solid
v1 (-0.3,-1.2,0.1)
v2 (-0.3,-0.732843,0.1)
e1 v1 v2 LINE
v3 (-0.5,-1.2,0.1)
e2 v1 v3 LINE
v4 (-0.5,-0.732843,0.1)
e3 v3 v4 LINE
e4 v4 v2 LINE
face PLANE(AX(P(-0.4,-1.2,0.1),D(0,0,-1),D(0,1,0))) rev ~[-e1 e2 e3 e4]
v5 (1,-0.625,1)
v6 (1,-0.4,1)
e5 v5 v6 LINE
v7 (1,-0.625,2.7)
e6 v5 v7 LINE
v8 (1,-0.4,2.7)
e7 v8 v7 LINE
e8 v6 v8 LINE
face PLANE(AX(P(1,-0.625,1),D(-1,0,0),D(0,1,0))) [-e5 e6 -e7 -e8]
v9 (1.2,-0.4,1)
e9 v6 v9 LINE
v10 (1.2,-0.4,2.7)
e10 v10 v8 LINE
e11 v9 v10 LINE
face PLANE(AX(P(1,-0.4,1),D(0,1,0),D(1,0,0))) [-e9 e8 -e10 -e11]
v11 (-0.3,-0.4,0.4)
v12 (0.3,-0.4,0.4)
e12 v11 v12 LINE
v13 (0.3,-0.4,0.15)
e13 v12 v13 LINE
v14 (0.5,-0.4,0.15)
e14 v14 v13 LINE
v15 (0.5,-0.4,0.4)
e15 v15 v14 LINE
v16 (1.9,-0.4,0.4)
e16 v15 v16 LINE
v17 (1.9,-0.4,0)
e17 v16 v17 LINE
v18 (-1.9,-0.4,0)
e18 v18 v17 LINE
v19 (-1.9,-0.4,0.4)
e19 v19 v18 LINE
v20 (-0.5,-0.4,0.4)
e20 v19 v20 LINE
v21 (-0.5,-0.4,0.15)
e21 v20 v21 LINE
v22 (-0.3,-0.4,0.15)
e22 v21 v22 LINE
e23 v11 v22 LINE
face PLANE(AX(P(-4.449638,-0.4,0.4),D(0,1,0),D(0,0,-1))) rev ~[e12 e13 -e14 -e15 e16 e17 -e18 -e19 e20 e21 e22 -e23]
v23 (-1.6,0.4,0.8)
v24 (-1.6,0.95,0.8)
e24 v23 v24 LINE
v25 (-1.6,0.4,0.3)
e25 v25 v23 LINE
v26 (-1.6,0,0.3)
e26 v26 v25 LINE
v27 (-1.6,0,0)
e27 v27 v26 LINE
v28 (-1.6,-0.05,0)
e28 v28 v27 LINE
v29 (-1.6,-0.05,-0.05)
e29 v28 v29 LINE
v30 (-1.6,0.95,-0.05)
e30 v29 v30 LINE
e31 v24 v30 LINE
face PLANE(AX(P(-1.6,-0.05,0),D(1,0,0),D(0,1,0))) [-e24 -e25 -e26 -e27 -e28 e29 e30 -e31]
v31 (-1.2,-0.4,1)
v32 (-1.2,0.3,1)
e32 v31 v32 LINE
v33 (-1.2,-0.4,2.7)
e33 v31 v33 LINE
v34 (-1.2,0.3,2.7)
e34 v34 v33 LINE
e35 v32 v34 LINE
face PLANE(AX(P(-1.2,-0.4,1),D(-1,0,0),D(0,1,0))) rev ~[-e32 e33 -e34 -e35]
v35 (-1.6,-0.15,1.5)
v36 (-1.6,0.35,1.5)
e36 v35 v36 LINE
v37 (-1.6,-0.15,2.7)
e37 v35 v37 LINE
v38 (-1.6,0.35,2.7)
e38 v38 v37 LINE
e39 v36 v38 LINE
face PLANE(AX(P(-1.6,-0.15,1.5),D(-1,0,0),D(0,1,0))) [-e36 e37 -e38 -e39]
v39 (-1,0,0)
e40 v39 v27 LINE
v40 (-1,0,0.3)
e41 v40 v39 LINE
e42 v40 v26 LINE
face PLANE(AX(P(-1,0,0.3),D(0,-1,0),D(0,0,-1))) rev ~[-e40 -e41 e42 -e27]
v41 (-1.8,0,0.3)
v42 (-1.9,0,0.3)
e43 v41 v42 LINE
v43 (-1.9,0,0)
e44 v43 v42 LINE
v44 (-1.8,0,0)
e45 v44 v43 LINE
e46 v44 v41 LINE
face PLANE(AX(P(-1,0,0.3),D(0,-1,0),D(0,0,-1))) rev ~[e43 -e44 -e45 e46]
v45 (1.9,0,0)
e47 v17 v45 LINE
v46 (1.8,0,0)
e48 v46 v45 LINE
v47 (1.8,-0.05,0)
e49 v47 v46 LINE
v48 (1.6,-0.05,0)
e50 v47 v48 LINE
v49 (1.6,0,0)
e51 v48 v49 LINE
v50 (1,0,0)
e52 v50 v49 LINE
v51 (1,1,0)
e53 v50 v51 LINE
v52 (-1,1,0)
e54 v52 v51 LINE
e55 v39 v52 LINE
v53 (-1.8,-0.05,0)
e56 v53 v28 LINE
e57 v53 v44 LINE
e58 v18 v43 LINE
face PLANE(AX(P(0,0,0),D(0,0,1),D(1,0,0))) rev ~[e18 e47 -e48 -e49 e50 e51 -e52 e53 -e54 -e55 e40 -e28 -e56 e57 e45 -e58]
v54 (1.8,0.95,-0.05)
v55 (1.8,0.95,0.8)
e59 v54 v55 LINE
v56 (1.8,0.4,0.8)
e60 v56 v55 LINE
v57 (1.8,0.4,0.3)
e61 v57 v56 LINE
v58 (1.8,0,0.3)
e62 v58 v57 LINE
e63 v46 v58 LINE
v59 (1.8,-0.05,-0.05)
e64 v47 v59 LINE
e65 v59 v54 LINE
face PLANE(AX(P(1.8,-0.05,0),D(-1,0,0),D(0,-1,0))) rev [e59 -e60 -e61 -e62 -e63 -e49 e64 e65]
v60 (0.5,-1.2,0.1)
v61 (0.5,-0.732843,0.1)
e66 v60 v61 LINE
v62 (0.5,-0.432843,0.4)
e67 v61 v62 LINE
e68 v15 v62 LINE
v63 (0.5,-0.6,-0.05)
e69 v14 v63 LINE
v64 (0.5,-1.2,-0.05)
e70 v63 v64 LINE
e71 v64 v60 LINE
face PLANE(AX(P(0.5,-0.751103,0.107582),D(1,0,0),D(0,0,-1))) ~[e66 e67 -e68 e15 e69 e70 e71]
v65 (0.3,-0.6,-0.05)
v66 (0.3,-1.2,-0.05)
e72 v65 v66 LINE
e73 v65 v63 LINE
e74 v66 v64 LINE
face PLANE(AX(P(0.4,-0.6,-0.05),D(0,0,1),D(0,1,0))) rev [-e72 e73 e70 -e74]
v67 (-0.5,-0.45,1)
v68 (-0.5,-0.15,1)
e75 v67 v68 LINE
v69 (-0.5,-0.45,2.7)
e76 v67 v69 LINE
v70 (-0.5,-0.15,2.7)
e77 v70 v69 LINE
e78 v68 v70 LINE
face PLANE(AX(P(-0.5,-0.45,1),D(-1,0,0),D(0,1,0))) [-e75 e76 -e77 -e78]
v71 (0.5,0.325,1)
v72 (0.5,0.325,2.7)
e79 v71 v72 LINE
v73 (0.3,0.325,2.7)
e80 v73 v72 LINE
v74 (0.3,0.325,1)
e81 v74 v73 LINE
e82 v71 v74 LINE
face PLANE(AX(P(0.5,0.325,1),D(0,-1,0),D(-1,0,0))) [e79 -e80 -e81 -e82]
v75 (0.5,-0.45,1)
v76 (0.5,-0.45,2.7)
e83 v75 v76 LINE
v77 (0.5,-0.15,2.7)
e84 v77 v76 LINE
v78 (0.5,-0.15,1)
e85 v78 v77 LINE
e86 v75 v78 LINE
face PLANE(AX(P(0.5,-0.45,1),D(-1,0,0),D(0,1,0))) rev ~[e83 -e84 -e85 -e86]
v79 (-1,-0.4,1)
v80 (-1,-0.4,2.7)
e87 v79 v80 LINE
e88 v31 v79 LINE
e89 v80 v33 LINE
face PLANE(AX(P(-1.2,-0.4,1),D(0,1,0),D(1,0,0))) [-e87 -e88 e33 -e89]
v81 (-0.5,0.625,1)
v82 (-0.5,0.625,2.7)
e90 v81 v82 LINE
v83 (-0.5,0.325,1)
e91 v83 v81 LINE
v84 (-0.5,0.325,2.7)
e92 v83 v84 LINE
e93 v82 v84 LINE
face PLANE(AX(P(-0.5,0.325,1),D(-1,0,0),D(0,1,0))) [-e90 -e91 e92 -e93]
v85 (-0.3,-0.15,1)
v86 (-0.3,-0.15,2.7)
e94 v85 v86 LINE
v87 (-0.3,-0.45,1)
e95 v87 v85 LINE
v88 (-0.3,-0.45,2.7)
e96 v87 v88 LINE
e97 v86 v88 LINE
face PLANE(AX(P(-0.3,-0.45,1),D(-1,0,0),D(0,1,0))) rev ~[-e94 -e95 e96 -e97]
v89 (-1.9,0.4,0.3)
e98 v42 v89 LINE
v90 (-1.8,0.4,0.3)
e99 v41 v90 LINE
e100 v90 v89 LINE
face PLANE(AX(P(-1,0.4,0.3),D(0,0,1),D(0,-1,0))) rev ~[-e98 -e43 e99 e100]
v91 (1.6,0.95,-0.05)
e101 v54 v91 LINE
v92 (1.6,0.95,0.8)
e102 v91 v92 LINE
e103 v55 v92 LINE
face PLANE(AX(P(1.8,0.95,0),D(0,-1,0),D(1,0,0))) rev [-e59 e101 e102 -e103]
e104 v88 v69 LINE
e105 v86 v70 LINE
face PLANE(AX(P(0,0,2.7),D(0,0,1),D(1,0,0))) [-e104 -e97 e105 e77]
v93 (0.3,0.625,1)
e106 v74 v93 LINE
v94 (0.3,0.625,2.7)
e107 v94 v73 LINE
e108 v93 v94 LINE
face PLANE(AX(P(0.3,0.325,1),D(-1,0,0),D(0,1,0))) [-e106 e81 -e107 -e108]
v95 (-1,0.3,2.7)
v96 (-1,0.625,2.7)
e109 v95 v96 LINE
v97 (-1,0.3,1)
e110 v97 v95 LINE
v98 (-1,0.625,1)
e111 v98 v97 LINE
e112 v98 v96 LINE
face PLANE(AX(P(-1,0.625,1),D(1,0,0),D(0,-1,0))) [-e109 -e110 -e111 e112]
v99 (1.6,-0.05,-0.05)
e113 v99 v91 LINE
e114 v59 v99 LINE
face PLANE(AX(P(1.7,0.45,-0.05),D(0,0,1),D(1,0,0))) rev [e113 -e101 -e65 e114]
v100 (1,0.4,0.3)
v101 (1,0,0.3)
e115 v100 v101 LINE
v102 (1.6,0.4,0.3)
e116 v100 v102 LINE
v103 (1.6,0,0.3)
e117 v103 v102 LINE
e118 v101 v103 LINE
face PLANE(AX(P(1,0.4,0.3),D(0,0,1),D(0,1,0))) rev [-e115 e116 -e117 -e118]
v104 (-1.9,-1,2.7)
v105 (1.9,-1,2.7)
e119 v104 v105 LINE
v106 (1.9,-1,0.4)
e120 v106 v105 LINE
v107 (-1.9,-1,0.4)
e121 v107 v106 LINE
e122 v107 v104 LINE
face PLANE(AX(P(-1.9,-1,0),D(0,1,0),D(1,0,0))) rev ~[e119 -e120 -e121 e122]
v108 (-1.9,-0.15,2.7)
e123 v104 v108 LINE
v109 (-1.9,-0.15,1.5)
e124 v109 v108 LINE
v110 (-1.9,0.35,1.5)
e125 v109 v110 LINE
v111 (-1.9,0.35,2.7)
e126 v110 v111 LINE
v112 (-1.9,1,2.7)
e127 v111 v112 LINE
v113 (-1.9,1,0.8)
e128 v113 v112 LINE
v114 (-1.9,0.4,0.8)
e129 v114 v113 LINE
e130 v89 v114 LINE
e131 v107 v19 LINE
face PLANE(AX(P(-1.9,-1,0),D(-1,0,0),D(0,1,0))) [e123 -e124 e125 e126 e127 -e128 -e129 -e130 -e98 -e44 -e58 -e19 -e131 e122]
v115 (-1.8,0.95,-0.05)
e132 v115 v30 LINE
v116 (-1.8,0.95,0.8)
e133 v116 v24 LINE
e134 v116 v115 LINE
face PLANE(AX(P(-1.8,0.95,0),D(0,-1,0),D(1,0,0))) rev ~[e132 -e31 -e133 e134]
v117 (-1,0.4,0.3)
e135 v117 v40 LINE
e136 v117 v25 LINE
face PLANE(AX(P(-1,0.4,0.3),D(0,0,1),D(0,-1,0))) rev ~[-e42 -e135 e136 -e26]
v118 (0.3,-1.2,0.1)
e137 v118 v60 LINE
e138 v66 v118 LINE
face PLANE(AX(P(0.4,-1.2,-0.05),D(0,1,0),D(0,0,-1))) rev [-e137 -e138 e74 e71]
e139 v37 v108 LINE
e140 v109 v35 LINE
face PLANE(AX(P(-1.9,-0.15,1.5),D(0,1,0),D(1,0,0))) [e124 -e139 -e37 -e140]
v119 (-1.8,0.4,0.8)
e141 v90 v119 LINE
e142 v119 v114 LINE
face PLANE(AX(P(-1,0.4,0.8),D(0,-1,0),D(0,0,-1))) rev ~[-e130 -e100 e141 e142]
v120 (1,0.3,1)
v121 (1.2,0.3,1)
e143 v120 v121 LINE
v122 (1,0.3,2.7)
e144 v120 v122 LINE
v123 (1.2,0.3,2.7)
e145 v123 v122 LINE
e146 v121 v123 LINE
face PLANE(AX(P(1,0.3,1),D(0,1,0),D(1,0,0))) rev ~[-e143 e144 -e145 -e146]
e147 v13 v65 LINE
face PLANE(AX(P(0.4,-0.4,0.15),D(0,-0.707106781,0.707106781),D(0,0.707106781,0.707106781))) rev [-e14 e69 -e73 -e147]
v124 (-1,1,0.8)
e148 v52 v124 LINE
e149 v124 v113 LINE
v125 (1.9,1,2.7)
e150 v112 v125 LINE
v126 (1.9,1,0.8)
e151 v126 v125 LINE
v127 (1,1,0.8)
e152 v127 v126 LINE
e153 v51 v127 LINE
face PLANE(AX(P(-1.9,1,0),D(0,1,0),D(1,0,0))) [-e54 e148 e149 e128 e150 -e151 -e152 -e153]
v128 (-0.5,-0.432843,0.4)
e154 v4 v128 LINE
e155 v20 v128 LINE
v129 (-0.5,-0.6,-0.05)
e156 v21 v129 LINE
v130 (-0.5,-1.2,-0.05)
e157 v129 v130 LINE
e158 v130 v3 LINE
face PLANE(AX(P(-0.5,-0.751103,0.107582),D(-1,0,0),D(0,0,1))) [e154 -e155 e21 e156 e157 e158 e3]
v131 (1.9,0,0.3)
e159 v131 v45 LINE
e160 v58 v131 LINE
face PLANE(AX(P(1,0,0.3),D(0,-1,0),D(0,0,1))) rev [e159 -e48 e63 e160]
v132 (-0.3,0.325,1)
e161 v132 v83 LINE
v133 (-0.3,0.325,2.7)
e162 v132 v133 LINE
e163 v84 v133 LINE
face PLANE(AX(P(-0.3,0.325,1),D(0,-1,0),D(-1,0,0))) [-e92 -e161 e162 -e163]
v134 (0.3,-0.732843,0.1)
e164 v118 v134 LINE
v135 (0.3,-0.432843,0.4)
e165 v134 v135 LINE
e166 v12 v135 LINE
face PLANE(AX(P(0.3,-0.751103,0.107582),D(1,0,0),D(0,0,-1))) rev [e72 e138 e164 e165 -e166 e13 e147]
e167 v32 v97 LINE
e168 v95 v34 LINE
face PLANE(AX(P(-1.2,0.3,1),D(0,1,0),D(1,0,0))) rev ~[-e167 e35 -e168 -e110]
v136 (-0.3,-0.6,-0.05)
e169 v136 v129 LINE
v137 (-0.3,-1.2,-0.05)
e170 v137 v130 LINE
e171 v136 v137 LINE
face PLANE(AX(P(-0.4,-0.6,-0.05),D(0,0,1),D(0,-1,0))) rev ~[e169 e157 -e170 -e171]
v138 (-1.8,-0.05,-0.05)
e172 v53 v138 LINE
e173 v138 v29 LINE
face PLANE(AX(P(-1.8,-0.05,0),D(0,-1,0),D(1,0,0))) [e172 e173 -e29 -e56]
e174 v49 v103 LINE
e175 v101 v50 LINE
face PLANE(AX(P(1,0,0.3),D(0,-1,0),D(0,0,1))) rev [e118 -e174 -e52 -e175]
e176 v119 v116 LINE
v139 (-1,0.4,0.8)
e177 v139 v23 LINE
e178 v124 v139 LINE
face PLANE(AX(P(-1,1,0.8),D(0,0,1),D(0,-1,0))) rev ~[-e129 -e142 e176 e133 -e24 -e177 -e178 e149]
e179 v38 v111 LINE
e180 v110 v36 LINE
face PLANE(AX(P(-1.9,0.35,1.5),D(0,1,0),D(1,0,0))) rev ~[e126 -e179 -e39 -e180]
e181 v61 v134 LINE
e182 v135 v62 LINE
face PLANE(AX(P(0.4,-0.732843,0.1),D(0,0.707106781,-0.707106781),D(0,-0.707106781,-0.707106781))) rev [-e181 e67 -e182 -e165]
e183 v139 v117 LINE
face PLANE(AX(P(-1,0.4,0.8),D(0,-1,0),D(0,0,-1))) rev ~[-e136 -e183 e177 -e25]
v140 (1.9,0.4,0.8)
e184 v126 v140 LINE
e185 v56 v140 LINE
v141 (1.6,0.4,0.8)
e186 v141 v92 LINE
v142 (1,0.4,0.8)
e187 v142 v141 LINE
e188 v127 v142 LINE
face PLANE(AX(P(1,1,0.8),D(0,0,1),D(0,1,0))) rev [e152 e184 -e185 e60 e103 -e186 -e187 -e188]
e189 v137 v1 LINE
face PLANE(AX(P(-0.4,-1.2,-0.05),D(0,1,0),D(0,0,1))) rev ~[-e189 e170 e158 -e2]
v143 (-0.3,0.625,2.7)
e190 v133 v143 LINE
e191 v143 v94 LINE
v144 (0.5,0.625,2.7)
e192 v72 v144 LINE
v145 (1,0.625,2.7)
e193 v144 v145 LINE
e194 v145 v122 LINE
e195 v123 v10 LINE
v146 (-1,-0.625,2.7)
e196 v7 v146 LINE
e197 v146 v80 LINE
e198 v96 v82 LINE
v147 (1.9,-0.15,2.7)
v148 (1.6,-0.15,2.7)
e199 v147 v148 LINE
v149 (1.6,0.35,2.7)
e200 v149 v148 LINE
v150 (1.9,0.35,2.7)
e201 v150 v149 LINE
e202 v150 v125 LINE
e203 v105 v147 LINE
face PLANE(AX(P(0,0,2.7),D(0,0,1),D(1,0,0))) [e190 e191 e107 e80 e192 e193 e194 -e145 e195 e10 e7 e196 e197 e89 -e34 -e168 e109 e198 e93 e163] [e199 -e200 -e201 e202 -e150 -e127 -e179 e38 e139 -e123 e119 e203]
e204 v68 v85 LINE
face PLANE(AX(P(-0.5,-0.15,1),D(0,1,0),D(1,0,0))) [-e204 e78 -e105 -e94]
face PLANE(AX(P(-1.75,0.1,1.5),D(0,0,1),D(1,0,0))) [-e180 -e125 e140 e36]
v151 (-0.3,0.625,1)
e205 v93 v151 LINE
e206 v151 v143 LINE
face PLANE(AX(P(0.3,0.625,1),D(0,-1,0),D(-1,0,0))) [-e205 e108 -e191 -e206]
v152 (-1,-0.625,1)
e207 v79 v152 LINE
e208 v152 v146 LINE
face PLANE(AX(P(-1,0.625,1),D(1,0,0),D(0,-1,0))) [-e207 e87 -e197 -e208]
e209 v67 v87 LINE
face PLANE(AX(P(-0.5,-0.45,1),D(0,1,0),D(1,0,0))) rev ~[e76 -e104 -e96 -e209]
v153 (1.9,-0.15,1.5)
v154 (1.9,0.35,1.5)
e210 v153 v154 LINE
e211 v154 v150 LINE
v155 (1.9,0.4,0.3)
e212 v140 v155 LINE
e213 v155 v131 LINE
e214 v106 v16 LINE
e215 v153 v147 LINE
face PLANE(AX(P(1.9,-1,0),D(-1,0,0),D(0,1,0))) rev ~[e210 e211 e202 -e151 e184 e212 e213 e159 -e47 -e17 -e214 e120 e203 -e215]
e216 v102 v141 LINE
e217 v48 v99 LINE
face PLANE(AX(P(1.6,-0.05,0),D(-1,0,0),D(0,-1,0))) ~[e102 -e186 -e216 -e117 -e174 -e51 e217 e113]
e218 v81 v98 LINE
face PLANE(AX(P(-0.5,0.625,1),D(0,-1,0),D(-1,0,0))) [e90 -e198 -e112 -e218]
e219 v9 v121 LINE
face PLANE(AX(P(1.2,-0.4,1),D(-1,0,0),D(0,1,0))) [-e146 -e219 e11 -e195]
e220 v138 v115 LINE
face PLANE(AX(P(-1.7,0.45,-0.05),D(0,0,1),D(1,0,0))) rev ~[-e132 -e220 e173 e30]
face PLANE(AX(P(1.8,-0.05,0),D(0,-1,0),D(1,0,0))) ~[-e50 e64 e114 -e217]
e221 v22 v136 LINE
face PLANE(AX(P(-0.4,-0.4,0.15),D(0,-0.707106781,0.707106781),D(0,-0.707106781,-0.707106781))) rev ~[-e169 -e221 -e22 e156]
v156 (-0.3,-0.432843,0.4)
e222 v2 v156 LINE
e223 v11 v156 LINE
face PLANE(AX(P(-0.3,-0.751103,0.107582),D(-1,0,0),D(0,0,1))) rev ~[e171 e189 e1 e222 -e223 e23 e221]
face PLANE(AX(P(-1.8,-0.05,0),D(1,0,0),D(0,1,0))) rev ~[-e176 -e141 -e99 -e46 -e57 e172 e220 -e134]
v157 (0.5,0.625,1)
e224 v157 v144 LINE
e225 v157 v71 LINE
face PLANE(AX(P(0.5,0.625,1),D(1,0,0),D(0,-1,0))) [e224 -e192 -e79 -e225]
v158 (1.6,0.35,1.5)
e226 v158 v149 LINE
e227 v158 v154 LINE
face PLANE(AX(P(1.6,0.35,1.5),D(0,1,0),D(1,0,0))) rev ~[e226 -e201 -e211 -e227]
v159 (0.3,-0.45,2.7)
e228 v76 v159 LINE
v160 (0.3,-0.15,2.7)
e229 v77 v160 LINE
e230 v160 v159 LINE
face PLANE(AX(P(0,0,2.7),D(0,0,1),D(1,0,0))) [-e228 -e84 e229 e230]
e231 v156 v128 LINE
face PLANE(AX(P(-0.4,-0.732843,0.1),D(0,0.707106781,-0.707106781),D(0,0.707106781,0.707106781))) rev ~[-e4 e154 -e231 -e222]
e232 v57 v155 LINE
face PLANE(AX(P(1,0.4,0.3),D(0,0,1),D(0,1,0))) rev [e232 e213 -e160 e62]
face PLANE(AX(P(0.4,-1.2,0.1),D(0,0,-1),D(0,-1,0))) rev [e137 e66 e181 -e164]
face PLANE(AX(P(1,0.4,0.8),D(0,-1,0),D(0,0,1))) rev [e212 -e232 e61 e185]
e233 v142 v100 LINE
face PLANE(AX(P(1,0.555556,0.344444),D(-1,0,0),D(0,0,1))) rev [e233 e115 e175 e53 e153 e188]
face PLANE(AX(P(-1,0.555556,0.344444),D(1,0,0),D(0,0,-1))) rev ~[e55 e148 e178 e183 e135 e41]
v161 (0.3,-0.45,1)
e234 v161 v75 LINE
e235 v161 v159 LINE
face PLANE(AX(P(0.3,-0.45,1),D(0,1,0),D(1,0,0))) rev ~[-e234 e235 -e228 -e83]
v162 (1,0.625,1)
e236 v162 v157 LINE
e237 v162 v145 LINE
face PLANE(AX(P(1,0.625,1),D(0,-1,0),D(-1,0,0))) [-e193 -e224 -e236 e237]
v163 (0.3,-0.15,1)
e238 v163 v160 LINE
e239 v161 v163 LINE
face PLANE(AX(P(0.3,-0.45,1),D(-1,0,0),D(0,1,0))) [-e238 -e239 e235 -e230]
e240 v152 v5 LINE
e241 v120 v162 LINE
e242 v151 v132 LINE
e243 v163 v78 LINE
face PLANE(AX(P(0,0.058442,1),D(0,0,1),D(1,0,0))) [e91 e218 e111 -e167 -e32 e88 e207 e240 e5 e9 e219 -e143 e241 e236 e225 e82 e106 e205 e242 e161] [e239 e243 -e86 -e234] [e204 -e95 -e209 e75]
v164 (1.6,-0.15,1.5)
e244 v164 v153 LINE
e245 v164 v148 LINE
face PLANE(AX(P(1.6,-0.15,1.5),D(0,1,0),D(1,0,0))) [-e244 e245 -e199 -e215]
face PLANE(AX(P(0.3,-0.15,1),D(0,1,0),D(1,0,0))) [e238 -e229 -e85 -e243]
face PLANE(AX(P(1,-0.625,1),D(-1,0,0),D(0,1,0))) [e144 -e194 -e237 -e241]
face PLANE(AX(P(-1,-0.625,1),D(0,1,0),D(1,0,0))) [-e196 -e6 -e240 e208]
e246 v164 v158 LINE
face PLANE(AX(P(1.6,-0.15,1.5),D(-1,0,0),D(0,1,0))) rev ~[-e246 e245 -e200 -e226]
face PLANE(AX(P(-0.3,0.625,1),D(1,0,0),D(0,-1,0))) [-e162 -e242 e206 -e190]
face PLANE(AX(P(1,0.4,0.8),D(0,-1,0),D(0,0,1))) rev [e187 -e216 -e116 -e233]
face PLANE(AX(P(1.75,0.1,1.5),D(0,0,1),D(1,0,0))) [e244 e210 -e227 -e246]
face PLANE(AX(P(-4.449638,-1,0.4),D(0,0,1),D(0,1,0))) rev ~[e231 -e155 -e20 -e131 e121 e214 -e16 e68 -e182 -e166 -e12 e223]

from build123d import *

# Parameters (mm, degrees)
SKIZZE1_W                                   = 3.8
SKIZZE1_H                                   = 2
AUFSATZ_LINEAR_AUSTRAGEN1_DEPTH             = 2.7
SCHNITT_LINEAR_AUSTRAGEN1_DEPTH             = 4.449637662
SCHNITT_LINEAR_AUSTRAGEN1_DEPTH_BACK        = 4.449637662
SKIZZE2_W                                   = 0.4
SKIZZE2_H                                   = 0.6
SCHNITT_LINEAR_START                        = -1
SCHNITT_LINEAR_AUSTRAGEN4_DEPTH             = 3.449637662
AUFSATZ_LINEAR_START                        = -0.4
AUFSATZ_LINEAR_AUSTRAGEN2_DEPTH             = 0.1
AUFSATZ_LINEAR_AUSTRAGEN3_REACH             = 5.513
SKIZZE5_W                                   = 0.2
SKIZZE5_H                                   = 1
AUFSATZ_LINEAR_AUSTRAGEN3_DIRECTION_2_DEPTH = 0.05
SCHNITT_LINEAR_START_2                      = 1
SKIZZE6_W                                   = 0.2
SKIZZE6_H                                   = 0.3
SCHNITT_LINEAR_AUSTRAGEN5_DEPTH             = 3.512833614
SKIZZE7_W                                   = 0.2
SKIZZE7_H                                   = 0.7
SCHNITT_LINEAR_AUSTRAGEN6_DEPTH             = 3.512833614
SCHNITT_LINEAR_START_3                      = 1.5
SKIZZE8_W                                   = 0.3
SKIZZE8_H                                   = 0.5
SCHNITT_LINEAR_AUSTRAGEN7_DEPTH             = 3.012833614


with BuildPart() as part:
    # Skizze1 → Aufsatz-Linear austragen1 (new body)
    with BuildSketch(Plane.XY):
        Rectangle(SKIZZE1_W, SKIZZE1_H)
    extrude(amount=AUFSATZ_LINEAR_AUSTRAGEN1_DEPTH)

    # Skizze2 → Schnitt-Linear austragen1 (cut, two sides: drawn at the far end of the back side and taken through both)
    with BuildSketch(Plane(origin=(0, 0, 0), x_dir=(0, 0, -1), z_dir=(1, 0, 0)).offset(-SCHNITT_LINEAR_AUSTRAGEN1_DEPTH_BACK)):
        with Locations((-0.2, -0.7)):
            Rectangle(SKIZZE2_W, SKIZZE2_H)
    extrude(amount=SCHNITT_LINEAR_AUSTRAGEN1_DEPTH + SCHNITT_LINEAR_AUSTRAGEN1_DEPTH_BACK, mode=Mode.SUBTRACT)

    # Skizze3 → Schnitt-Linear austragen4 (cut, through all)
    with BuildSketch(Plane(origin=(0, 0, 0), x_dir=(0, 0, -1), z_dir=(1, 0, 0)).offset(SCHNITT_LINEAR_START)):
        Polygon((-0.8, 1), (-0.8, 0.4), (-0.3, 0.4), (-0.3, 0), (0, 0), (0, 1), align=None)
    schnitt_linear_austragen4 = extrude(amount=-SCHNITT_LINEAR_AUSTRAGEN4_DEPTH, mode=Mode.SUBTRACT)

    # Skizze4 → Aufsatz-Linear austragen2 (add, symmetric)
    with BuildSketch(Plane(origin=(0, 0, 0), x_dir=(0, 0, -1), z_dir=(1, 0, 0)).offset(AUFSATZ_LINEAR_START)):
        Polygon((-0.15, -0.4), (0.05, -0.6), (0.05, -1.2), (-0.1, -1.2), (-0.1, -0.732842712), (-0.432842712, -0.4), align=None)
    aufsatz_linear_austragen2 = extrude(amount=AUFSATZ_LINEAR_AUSTRAGEN2_DEPTH, both=True)

    # Skizze5 → Aufsatz-Linear austragen3 (add, up to next)
    with BuildSketch(Plane.XY, mode=Mode.PRIVATE) as aufsatz_linear_austragen3_sk1:
        with Locations((-1.7, 0.45)):
            Rectangle(SKIZZE5_W, SKIZZE5_H)
    aufsatz_linear_austragen3_tool1 = extrude(aufsatz_linear_austragen3_sk1.sketch, amount=AUFSATZ_LINEAR_AUSTRAGEN3_REACH, mode=Mode.PRIVATE) - part.part
    aufsatz_linear_austragen3 = aufsatz_linear_austragen3_tool1.solids().sort_by_distance((-1.7, 0.45, 0))[0]
    add(aufsatz_linear_austragen3)

    # Skizze5 → Aufsatz-Linear austragen3 direction 2 (add)
    with BuildSketch(Plane.XY):
        with Locations((-1.7, 0.45)):
            Rectangle(SKIZZE5_W, SKIZZE5_H)
    aufsatz_linear_austragen3_direction_2 = extrude(amount=-AUFSATZ_LINEAR_AUSTRAGEN3_DIRECTION_2_DEPTH)

    # Skizze6 → Schnitt-Linear austragen5 (cut, through all)
    with BuildSketch(Plane.XY.offset(SCHNITT_LINEAR_START_2)):
        Polygon((-1, 0.625), (-1, -0.625), (1, -0.625), (1, 0.625), (0.5, 0.625), (0.5, 0.325), (0.3, 0.325), (0.3, 0.625), (-0.3, 0.625), (-0.3, 0.325), (-0.5, 0.325), (-0.5, 0.625), align=None)
        with Locations((-0.4, -0.3)):
            Rectangle(SKIZZE6_W, SKIZZE6_H, mode=Mode.SUBTRACT)
        with Locations((0.4, -0.3)):
            Rectangle(SKIZZE6_W, SKIZZE6_H, mode=Mode.SUBTRACT)
    extrude(amount=SCHNITT_LINEAR_AUSTRAGEN5_DEPTH, mode=Mode.SUBTRACT)

    # Skizze7 → Schnitt-Linear austragen6 (cut, through all)
    with BuildSketch(Plane.XY.offset(SCHNITT_LINEAR_START_2)):
        with Locations((-1.1, -0.05)):
            Rectangle(SKIZZE7_W, SKIZZE7_H)
        with Locations((1.1, -0.05)):
            Rectangle(SKIZZE7_W, SKIZZE7_H)
    extrude(amount=SCHNITT_LINEAR_AUSTRAGEN6_DEPTH, mode=Mode.SUBTRACT)

    # Skizze8 → Schnitt-Linear austragen7 (cut, through all)
    with BuildSketch(Plane.XY.offset(SCHNITT_LINEAR_START_3)):
        with Locations((-1.75, 0.1)):
            Rectangle(SKIZZE8_W, SKIZZE8_H)
        with Locations((1.75, 0.1)):
            Rectangle(SKIZZE8_W, SKIZZE8_H)
    extrude(amount=SCHNITT_LINEAR_AUSTRAGEN7_DEPTH, mode=Mode.SUBTRACT)

    # Spiegeln1: Schnitt-Linear austragen4, Aufsatz-Linear austragen2, Aufsatz-Linear austragen3, Aufsatz-Linear austragen3 direction 2 across plane
    add(schnitt_linear_austragen4.mirror(Plane(origin=(0, 0, 0), x_dir=(0, 0, 1), z_dir=(1, 0, 0))), mode=Mode.SUBTRACT)
    add(aufsatz_linear_austragen2.mirror(Plane(origin=(0, 0, 0), x_dir=(0, 0, 1), z_dir=(1, 0, 0))))
    add(aufsatz_linear_austragen3.mirror(Plane(origin=(0, 0, 0), x_dir=(0, 0, 1), z_dir=(1, 0, 0))))
    add(aufsatz_linear_austragen3_direction_2.mirror(Plane(origin=(0, 0, 0), x_dir=(0, 0, 1), z_dir=(1, 0, 0))))


solid = part.part
